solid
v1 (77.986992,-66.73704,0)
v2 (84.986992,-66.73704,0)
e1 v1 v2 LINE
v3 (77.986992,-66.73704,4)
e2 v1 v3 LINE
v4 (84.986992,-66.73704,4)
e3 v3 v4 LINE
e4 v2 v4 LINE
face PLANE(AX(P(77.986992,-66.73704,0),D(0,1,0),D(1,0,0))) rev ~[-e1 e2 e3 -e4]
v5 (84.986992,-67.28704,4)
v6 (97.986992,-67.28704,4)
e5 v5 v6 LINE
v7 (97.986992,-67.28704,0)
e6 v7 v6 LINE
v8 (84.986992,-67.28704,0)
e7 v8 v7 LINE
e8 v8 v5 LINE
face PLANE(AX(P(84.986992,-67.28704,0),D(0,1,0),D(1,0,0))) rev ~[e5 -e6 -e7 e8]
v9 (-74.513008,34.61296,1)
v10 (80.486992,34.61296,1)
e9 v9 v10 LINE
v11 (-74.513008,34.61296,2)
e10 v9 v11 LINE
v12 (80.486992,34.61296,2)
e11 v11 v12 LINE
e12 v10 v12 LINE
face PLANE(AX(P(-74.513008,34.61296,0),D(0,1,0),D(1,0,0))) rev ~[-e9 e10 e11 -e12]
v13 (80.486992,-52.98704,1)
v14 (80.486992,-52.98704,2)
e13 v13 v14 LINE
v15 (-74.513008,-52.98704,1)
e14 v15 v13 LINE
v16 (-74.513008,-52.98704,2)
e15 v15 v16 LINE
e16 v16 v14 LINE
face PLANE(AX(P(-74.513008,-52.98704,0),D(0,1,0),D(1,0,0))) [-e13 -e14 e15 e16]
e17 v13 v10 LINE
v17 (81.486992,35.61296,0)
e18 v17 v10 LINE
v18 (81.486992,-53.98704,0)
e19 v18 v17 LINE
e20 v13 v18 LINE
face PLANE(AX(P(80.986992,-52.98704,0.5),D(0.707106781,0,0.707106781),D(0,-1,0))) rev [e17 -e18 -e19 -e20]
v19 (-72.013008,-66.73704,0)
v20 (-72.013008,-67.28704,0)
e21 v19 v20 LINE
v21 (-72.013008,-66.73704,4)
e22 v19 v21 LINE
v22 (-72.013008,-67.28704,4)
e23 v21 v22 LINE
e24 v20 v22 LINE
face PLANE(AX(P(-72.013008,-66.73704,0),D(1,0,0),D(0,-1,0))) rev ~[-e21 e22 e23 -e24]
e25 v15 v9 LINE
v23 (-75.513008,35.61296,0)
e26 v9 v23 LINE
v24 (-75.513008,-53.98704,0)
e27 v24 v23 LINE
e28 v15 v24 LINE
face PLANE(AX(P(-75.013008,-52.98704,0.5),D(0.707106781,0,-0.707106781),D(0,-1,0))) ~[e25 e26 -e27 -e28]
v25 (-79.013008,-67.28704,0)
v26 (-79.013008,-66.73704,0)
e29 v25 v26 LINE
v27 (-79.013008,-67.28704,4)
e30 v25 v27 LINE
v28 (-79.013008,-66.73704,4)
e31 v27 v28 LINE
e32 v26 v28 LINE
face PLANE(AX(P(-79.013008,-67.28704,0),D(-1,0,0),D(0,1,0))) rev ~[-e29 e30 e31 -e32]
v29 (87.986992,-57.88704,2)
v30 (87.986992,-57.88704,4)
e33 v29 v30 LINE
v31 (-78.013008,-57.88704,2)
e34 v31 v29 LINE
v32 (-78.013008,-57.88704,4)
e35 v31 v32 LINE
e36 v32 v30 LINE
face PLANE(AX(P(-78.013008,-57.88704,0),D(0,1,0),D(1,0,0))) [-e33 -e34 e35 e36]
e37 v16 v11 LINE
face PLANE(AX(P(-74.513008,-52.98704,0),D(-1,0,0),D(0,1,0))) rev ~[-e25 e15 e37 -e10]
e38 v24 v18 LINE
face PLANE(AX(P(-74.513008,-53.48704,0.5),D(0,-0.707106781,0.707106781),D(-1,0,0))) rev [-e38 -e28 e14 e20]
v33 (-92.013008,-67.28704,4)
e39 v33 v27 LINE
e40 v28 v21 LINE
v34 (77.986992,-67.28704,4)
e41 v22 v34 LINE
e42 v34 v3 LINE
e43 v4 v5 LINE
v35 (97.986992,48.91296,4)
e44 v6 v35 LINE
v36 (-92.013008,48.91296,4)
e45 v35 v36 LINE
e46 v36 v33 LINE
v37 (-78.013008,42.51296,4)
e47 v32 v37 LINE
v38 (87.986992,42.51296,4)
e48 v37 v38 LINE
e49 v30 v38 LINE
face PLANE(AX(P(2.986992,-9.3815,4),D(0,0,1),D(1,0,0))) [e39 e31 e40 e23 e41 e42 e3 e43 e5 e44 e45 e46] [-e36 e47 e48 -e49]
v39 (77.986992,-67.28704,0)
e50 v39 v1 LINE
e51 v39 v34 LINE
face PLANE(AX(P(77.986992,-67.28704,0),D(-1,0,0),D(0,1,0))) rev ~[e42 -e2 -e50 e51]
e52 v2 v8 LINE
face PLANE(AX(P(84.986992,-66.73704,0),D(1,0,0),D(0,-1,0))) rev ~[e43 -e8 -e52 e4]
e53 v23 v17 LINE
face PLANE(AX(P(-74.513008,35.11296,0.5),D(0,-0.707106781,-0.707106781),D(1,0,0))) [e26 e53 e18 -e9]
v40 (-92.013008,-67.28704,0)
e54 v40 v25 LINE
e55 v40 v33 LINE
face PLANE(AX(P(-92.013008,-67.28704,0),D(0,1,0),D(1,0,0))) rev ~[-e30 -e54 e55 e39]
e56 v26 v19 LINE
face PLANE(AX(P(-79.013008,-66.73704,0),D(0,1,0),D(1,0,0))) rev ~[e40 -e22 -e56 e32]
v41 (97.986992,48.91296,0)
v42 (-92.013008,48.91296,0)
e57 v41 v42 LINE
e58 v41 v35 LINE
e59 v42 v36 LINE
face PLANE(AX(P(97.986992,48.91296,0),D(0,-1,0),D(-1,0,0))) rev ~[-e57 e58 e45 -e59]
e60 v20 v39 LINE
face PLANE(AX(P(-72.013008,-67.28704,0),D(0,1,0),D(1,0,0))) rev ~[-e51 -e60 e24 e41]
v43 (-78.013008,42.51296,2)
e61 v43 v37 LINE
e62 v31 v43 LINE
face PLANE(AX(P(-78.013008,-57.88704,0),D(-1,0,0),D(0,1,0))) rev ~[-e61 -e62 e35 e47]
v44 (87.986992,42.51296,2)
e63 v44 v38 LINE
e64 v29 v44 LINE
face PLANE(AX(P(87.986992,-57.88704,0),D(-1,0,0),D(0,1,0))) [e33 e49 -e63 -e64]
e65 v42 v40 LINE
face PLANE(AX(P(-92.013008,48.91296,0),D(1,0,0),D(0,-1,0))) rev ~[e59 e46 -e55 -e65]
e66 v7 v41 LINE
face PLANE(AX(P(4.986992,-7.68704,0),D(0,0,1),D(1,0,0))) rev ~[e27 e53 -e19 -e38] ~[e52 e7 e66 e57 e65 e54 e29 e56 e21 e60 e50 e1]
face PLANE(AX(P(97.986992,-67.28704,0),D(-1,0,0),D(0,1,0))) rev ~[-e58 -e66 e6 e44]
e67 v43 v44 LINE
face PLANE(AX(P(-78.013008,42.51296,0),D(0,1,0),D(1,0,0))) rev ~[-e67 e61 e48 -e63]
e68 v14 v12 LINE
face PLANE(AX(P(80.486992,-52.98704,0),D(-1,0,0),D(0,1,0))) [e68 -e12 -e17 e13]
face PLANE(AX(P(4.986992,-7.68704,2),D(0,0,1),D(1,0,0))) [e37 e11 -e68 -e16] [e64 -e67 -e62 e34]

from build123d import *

# Parameters (mm, degrees)
F0_W     = 166
F0_H     = 100.4
F1_DEPTH = 4
F0_W_2   = 155
F0_H_2   = 87.6
F2_DEPTH = 2
F3_SIZE  = 1


with BuildPart() as f1:
    # F0 (on Top) → F1 (new body)
    with BuildSketch(Plane.XY):
        Polygon((97.986992, 48.91296), (-92.013008, 48.91296), (-92.013008, -67.28704), (-79.013008, -67.28704), (-79.013008, -66.73704), (-72.013008, -66.73704), (-72.013008, -67.28704), (77.986992, -67.28704), (77.986992, -66.73704), (84.986992, -66.73704), (84.986992, -67.28704), (97.986992, -67.28704), align=None)
        with Locations((4.986992, -7.68704)):
            Rectangle(F0_W, F0_H, mode=Mode.SUBTRACT)
    extrude(amount=F1_DEPTH)

    # F0 (on Top) → F2 (join)
    with BuildSketch(Plane.XY):
        with Locations((4.986992, -7.68704)):
            Rectangle(F0_W, F0_H)
        with Locations((2.986992, -9.18704)):
            Rectangle(F0_W_2, F0_H_2, mode=Mode.SUBTRACT)
    extrude(amount=F2_DEPTH)

    # F3
    f3_edges = [f1.edges().sort_by_distance(p)[0] for p in [
        (2.986992, -52.98704, 0),
        (-74.513008, -9.18704, 0),
        (2.986992, 34.61296, 0),
        (80.486992, -9.18704, 0),
    ]]
    chamfer(f3_edges, length=F3_SIZE)


solid = f1.part
